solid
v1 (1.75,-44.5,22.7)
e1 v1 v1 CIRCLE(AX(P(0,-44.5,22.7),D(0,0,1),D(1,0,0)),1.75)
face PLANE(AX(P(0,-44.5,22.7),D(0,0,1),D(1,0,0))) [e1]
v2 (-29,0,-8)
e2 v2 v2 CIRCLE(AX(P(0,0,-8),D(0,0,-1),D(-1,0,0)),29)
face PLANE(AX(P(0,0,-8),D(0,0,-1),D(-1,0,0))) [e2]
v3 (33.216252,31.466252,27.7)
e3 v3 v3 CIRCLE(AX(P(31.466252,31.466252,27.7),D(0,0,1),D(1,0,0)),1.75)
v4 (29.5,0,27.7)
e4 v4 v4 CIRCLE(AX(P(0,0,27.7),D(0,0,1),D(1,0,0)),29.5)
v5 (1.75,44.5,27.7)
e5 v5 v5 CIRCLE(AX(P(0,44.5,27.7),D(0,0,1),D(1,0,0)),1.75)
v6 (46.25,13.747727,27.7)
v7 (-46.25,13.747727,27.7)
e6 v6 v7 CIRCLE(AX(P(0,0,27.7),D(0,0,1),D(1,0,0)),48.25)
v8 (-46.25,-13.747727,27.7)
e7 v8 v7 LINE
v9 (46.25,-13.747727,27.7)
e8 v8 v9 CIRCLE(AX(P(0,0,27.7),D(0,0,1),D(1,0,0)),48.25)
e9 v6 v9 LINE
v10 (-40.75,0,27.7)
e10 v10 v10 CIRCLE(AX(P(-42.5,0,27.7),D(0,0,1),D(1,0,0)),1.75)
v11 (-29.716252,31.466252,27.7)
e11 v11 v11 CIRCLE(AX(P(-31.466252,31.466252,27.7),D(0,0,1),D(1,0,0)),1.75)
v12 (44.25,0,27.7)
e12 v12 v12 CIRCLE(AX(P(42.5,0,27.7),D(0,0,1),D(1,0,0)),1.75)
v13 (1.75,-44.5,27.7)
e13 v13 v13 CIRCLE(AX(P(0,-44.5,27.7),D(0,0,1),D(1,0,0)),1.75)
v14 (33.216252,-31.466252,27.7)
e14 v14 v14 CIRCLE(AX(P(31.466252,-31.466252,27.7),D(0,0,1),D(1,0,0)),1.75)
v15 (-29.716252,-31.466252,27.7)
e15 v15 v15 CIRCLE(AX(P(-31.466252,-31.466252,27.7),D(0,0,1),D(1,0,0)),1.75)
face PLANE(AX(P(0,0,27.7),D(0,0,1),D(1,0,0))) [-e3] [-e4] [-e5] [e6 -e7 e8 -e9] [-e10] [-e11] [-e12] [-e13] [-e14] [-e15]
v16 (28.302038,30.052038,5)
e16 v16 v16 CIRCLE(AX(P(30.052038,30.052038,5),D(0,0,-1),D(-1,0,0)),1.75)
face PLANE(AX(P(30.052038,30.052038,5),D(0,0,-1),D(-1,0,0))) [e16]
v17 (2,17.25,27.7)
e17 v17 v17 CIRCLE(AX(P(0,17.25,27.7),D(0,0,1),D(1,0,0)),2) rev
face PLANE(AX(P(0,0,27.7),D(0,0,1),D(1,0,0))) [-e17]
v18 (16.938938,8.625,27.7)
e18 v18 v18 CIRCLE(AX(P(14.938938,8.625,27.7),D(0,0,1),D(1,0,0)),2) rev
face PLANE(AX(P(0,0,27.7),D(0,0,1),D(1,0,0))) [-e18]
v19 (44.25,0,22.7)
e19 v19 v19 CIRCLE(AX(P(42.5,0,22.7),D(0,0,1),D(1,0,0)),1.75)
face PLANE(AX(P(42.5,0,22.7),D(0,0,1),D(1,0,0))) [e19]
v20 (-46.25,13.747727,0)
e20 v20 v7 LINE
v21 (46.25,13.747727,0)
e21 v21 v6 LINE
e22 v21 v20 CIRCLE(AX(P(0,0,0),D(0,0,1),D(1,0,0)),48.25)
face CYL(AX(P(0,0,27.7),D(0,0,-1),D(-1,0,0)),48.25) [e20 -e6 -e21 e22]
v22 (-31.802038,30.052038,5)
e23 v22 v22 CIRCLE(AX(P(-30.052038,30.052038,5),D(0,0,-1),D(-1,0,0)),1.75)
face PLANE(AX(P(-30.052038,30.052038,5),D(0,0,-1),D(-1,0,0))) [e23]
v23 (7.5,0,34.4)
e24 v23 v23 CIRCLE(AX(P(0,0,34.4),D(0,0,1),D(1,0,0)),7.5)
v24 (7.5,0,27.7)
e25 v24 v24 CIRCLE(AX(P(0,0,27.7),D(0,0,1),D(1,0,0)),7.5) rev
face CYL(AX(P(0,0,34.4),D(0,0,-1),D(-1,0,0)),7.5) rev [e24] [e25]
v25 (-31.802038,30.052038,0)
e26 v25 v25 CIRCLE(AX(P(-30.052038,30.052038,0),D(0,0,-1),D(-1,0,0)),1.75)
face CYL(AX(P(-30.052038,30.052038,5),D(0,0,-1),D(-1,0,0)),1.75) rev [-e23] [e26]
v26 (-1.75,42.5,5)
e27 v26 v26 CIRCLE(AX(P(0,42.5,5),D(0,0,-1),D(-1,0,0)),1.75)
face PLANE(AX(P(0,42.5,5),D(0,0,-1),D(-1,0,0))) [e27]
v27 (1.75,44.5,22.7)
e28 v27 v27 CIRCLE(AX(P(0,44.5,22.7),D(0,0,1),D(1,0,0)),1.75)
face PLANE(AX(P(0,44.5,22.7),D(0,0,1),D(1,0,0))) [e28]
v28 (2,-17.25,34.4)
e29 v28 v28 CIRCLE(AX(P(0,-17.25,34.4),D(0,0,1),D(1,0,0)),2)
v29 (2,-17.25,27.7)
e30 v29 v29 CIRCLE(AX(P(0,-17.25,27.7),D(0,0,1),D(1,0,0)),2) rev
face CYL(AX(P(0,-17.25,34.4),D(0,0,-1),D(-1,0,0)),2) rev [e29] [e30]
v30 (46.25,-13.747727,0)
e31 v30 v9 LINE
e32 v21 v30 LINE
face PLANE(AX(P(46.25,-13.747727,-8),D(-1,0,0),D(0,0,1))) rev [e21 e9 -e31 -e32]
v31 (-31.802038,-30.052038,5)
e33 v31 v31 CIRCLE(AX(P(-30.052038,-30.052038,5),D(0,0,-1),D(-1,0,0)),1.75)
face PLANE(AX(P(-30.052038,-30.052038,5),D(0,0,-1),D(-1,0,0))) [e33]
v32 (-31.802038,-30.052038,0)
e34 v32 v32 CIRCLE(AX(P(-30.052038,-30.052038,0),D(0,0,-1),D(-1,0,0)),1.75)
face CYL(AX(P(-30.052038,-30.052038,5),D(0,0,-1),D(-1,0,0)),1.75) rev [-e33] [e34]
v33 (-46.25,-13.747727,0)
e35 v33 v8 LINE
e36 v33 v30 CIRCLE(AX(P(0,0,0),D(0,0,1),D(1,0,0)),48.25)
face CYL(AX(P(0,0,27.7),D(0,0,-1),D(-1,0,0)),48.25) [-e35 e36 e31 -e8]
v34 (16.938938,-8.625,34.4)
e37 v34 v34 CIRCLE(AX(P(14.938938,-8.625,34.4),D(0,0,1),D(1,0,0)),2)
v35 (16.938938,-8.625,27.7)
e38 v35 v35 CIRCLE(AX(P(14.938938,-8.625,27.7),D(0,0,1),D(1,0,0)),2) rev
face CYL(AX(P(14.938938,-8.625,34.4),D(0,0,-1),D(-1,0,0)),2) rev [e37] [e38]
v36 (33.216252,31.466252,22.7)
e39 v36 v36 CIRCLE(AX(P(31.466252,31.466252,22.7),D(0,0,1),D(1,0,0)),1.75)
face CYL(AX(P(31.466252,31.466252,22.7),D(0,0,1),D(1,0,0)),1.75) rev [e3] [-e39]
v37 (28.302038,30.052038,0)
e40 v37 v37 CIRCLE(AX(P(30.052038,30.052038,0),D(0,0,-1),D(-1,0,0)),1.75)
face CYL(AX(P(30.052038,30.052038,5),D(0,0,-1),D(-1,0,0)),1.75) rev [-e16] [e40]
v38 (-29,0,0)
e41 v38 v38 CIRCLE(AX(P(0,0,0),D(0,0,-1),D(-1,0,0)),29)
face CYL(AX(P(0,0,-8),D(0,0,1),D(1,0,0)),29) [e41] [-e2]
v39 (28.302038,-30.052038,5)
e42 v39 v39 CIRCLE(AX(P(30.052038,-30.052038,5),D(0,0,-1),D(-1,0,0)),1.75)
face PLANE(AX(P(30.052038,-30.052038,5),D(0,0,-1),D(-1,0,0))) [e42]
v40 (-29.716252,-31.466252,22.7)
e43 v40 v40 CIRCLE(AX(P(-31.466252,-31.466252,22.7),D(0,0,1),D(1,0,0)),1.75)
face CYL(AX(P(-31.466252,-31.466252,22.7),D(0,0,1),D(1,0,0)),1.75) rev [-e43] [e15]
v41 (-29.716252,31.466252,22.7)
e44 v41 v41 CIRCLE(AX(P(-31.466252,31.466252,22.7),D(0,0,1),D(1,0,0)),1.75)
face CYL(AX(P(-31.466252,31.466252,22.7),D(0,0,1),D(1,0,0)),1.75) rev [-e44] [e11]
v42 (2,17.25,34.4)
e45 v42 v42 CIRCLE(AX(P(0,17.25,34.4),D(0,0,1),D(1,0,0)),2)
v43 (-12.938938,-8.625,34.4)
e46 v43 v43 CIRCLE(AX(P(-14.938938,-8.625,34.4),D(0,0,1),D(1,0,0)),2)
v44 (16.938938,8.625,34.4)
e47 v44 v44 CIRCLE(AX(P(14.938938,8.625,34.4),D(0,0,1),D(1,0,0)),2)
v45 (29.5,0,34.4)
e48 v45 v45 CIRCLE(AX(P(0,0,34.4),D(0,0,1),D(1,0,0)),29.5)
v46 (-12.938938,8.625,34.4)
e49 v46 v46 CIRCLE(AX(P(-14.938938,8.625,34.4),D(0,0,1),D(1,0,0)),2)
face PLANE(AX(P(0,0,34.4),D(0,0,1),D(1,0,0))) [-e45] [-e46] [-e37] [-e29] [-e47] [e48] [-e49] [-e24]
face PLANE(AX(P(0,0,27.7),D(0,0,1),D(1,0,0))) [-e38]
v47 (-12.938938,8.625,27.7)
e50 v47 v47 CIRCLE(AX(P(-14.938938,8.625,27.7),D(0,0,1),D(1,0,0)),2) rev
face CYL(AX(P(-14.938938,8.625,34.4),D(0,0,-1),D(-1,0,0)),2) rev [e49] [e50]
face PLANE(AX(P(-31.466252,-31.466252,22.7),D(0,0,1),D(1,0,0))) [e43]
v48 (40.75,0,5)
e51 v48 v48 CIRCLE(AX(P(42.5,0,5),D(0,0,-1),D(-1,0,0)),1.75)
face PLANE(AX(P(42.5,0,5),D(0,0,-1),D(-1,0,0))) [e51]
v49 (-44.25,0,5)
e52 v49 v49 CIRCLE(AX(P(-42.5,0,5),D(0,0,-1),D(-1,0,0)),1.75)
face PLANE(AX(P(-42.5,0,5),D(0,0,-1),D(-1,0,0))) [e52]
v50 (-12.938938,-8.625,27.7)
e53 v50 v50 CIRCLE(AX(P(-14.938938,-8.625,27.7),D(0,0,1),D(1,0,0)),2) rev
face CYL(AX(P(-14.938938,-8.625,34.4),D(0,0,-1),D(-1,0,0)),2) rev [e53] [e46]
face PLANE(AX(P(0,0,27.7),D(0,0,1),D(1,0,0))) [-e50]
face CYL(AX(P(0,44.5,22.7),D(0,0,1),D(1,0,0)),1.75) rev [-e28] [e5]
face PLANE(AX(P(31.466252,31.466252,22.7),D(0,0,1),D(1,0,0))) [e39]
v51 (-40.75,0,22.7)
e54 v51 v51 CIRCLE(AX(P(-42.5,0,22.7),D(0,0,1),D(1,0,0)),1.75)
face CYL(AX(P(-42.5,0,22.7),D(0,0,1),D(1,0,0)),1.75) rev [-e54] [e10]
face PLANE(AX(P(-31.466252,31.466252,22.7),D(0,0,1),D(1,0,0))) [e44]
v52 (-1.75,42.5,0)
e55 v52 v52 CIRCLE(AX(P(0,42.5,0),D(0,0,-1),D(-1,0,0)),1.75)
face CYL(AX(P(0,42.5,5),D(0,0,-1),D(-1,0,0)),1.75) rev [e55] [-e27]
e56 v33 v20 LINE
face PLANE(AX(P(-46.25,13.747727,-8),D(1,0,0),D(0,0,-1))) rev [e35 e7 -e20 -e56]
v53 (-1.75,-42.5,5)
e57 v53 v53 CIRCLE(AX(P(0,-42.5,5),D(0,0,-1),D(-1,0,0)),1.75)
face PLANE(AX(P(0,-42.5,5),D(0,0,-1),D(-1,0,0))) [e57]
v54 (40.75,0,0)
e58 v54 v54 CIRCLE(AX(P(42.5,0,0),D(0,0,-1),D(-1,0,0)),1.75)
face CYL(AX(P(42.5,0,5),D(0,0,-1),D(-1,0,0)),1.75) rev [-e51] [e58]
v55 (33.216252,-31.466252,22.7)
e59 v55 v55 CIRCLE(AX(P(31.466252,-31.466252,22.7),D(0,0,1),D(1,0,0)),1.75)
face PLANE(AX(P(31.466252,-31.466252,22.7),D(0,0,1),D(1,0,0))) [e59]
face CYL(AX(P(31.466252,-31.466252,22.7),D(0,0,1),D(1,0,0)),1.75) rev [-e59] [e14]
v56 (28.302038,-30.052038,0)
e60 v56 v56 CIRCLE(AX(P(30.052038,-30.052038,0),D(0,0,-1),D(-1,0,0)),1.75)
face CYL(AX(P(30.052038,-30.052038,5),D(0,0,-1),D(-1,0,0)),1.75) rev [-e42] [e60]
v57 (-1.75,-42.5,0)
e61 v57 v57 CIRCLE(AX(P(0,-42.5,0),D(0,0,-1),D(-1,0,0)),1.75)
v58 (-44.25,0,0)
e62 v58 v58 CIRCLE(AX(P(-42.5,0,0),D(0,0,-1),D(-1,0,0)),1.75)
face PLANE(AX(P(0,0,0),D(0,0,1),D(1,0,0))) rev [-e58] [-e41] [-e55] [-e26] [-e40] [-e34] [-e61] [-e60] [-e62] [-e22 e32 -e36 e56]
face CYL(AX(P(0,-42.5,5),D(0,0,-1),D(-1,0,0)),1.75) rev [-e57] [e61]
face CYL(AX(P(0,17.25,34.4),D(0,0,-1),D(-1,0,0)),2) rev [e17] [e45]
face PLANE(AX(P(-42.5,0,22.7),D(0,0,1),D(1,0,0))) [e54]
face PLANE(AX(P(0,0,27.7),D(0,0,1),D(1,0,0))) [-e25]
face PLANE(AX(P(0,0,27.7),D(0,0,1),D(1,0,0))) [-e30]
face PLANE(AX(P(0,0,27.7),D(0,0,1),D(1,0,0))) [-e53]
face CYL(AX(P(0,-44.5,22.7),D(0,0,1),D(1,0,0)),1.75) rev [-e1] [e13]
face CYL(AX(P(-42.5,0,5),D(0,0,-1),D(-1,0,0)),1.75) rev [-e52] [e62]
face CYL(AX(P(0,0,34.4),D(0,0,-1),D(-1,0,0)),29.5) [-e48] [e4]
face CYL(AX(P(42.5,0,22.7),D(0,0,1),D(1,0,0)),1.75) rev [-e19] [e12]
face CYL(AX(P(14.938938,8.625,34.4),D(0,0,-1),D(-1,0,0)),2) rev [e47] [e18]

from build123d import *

# Parameters (mm, degrees)
SKETCH_1_R          = 48.25
EXTRUDE_1_DEPTH     = 27.7
SKETCH_2_R          = 29
EXTRUDE_2_DEPTH     = 8
SKETCH_3_R          = 29.5
SKETCH_3_R_2        = 2
SKETCH_3_R_3        = 7.5
EXTRUDE_3_DEPTH     = 6.7
SKETCH_4_R          = 1.75
CUT_EXTRUDE_1_DEPTH = 5
SKETCH_5_R          = 1.75
CUT_EXTRUDE_2_DEPTH = 5
CUT_EXTRUDE_3_DEPTH = 36.7


with BuildPart() as part:
    # 草图1 → 凸台-拉伸1 (new body)
    with BuildSketch(Plane.XY):
        Circle(SKETCH_1_R)
    extrude(amount=EXTRUDE_1_DEPTH)

    # 草图2 → 凸台-拉伸2 (add)
    with BuildSketch(Plane(origin=(0, 0, 0), x_dir=(-1, 0, 0), z_dir=(0, 0, -1))):
        Circle(SKETCH_2_R)
    extrude(amount=EXTRUDE_2_DEPTH)

    # 草图3 → 凸台-拉伸3 (add)
    with BuildSketch(Plane.XY.offset(27.7)):
        Circle(SKETCH_3_R)
        with Locations((0, 17.25)):
            Circle(SKETCH_3_R_2, mode=Mode.SUBTRACT)
        with Locations((14.938938215, 8.625)):
            Circle(SKETCH_3_R_2, mode=Mode.SUBTRACT)
        with Locations((14.938938215, -8.625)):
            Circle(SKETCH_3_R_2, mode=Mode.SUBTRACT)
        with Locations((0, -17.25)):
            Circle(SKETCH_3_R_2, mode=Mode.SUBTRACT)
        with Locations((-14.938938215, -8.625)):
            Circle(SKETCH_3_R_2, mode=Mode.SUBTRACT)
        with Locations((-14.938938215, 8.625)):
            Circle(SKETCH_3_R_2, mode=Mode.SUBTRACT)
        Circle(SKETCH_3_R_3, mode=Mode.SUBTRACT)
    extrude(amount=EXTRUDE_3_DEPTH)

    # 草图4 → 切除-拉伸1 (cut)
    with BuildSketch(Plane.XY.offset(27.7)):
        with Locations((0, 44.5)):
            Circle(SKETCH_4_R)
        with Locations((31.466251763, 31.466251763)):
            Circle(SKETCH_4_R)
        with Locations((31.466251763, -31.466251763)):
            Circle(SKETCH_4_R)
        with Locations((0, -44.5)):
            Circle(SKETCH_4_R)
        with Locations((-31.466251763, -31.466251763)):
            Circle(SKETCH_4_R)
        with Locations((-31.466251763, 31.466251763)):
            Circle(SKETCH_4_R)
        with Locations((-42.5, 0)):
            Circle(SKETCH_4_R)
        with Locations((42.5, 0)):
            Circle(SKETCH_4_R)
    extrude(amount=-CUT_EXTRUDE_1_DEPTH, mode=Mode.SUBTRACT)

    # 草图5 → 切除-拉伸2 (cut)
    with BuildSketch(Plane(origin=(0, 0, 0), x_dir=(-1, 0, 0), z_dir=(0, 0, -1))):
        with Locations((0, 42.5)):
            Circle(SKETCH_5_R)
        with Locations((30.0520382, 30.0520382)):
            Circle(SKETCH_5_R)
        with Locations((42.5, 0)):
            Circle(SKETCH_5_R)
        with Locations((30.0520382, -30.0520382)):
            Circle(SKETCH_5_R)
        with Locations((0, -42.5)):
            Circle(SKETCH_5_R)
        with Locations((-30.0520382, -30.0520382)):
            Circle(SKETCH_5_R)
        with Locations((-42.5, 0)):
            Circle(SKETCH_5_R)
        with Locations((-30.0520382, 30.0520382)):
            Circle(SKETCH_5_R)
    extrude(amount=-CUT_EXTRUDE_2_DEPTH, mode=Mode.SUBTRACT)

    # 草图6 → 切除-拉伸3 (cut, through all)
    with BuildSketch(Plane.XY.offset(27.7)):
        with BuildLine():
            Line((-46.25, 13.747727085), (-46.25, -13.747727085))
            ThreePointArc((-46.25, -13.747727085), (-48.25, 0), (-46.25, 13.747727085))
        make_face()
        with BuildLine():
            Line((46.25, -13.747727085), (46.25, 13.747727085))
            ThreePointArc((46.25, 13.747727085), (48.25, 0), (46.25, -13.747727085))
        make_face()
    extrude(amount=-CUT_EXTRUDE_3_DEPTH, mode=Mode.SUBTRACT)


solid = part.part
